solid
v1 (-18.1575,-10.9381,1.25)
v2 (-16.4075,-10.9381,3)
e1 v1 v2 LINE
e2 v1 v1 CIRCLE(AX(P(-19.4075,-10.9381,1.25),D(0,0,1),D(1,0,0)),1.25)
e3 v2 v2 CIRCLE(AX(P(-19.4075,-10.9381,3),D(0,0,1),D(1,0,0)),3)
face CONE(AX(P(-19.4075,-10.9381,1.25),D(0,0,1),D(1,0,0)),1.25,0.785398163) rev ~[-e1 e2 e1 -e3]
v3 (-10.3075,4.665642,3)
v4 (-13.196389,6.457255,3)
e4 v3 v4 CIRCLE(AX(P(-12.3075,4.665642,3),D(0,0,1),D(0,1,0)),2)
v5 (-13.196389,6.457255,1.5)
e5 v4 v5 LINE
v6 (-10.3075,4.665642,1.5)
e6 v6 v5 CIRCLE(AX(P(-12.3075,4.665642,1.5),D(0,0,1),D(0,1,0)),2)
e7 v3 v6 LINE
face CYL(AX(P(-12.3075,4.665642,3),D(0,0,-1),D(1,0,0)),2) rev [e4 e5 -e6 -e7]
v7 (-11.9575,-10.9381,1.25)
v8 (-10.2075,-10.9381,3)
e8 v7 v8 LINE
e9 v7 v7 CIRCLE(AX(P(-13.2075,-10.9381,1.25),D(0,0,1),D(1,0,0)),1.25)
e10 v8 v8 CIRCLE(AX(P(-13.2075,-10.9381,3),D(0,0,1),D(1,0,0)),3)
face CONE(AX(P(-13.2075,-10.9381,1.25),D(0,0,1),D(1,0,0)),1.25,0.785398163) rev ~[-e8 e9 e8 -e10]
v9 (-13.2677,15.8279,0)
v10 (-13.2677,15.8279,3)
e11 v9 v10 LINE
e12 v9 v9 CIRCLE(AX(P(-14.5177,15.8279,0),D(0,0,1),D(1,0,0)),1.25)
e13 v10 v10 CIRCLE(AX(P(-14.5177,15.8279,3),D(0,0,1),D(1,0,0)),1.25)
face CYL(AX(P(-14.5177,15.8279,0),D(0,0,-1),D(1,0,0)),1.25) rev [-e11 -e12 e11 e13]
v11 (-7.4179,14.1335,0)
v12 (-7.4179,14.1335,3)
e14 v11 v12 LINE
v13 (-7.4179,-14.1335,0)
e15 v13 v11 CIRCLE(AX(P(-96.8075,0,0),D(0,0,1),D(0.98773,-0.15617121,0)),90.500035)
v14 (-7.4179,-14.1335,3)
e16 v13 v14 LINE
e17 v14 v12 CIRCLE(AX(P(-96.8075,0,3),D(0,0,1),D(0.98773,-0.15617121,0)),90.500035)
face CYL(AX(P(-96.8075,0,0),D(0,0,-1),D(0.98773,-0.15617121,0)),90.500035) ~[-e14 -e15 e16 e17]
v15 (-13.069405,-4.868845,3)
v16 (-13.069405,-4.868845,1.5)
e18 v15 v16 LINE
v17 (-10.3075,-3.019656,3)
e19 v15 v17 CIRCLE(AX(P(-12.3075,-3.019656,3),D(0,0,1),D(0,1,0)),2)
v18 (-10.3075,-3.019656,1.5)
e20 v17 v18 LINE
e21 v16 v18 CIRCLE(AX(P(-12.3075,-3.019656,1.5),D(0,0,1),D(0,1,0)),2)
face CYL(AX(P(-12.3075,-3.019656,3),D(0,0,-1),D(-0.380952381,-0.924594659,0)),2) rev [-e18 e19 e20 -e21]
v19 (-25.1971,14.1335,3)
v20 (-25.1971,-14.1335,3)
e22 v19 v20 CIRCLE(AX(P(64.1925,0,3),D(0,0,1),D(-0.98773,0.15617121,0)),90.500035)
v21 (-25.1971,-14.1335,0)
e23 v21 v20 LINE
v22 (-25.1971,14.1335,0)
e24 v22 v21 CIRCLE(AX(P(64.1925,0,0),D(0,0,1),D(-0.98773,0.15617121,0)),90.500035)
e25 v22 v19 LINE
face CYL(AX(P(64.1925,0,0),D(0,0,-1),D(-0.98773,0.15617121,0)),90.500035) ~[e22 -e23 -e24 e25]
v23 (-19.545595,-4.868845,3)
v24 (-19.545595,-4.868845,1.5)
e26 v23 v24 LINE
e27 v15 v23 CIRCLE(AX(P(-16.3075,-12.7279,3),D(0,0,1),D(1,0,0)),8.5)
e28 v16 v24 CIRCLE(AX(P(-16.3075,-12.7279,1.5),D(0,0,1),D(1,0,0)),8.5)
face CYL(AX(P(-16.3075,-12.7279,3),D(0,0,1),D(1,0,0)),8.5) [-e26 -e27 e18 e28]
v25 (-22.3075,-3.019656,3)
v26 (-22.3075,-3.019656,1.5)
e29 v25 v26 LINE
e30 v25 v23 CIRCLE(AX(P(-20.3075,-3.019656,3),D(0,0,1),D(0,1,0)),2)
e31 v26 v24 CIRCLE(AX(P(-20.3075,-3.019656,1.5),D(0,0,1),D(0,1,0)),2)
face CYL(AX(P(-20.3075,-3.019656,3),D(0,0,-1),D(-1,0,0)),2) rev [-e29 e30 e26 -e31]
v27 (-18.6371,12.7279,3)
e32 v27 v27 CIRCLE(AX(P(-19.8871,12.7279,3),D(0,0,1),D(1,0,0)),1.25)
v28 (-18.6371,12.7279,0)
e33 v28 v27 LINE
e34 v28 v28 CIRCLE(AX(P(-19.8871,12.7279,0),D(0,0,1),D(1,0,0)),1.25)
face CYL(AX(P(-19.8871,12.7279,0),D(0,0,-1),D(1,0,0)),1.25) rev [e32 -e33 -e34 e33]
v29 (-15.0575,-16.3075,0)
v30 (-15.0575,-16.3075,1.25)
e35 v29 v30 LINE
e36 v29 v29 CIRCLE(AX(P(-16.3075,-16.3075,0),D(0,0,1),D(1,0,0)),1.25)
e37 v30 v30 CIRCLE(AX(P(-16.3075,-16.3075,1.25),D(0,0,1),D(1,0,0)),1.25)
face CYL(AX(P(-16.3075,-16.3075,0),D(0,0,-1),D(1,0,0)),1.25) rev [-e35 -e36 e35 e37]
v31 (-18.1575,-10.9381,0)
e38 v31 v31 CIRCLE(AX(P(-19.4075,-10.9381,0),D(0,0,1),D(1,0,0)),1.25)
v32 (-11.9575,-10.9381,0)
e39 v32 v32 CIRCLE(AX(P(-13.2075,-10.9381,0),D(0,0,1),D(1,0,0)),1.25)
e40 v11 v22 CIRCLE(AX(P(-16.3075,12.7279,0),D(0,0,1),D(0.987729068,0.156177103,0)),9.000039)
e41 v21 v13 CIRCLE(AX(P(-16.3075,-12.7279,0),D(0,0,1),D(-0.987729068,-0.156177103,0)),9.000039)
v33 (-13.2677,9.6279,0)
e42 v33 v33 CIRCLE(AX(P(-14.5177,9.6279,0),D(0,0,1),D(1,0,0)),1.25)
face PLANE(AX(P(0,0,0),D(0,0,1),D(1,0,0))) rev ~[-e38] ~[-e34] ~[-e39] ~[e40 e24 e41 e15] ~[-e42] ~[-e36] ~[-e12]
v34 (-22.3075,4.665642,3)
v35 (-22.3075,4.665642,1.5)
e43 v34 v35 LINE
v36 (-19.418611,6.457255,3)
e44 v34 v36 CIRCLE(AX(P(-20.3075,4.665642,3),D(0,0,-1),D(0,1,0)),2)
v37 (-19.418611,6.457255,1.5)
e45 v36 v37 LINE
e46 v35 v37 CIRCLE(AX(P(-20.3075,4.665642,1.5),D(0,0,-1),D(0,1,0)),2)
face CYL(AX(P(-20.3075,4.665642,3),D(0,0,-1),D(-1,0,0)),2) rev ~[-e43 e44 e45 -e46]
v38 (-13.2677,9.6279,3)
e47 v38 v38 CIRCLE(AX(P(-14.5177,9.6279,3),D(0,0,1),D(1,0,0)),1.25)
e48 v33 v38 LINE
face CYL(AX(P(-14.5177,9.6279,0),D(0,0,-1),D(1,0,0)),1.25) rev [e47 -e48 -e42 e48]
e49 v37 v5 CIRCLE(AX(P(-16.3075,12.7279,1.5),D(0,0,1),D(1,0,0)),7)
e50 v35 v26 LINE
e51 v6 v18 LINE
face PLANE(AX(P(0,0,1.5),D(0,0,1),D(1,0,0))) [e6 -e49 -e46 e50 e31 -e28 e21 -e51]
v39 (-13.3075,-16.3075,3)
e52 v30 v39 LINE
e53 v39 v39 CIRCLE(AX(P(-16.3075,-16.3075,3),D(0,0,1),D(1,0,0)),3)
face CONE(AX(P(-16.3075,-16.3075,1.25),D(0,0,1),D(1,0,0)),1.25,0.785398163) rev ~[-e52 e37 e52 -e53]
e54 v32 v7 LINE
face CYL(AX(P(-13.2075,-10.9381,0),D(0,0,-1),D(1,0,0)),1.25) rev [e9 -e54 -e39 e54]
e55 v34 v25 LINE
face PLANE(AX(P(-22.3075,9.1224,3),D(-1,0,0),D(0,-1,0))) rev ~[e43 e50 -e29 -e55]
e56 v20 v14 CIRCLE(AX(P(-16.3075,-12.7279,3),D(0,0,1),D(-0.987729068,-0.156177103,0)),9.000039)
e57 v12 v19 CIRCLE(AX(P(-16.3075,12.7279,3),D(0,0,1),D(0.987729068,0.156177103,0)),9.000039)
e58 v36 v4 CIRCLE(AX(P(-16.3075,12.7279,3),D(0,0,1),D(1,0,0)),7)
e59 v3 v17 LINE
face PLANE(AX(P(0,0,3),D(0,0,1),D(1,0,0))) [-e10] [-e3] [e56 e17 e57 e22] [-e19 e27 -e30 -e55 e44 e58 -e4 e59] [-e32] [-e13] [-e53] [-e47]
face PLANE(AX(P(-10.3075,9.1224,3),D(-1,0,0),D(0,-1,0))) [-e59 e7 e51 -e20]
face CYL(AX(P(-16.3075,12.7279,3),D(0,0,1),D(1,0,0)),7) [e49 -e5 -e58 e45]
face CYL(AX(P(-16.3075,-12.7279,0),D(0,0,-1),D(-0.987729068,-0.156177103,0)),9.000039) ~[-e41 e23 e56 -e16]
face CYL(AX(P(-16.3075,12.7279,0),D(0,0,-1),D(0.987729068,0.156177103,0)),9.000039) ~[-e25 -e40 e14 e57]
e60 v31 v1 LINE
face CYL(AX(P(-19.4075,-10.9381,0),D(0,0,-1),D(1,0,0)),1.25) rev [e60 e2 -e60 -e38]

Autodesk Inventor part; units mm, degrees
ref_plane "YZ Plane" through (0, 0, 0) normal (1, 0, 0) x (0, 1, 0)
ref_plane "XZ Plane" through (0, 0, 0) normal (0, 1, 0) x (-1, 0, 0)
ref_plane "XY Plane" through (0, 0, 0) normal (0, 0, 1) x (1, 0, 0)
sketch "Sketch2" plane through (0, 0, 0) normal (0, 0, 1) x (1, 0, 0)
  line L0 (-3.5796, 0) -> (-32.4095, 0) construction
  line L1 (-3.5796, 0) -> (-16.3075, 12.7279) construction
  line L2 (-3.5796, 0) -> (-16.3075, -12.7279) construction
  line L3 (-16.3075, 12.7279) -> (-16.3075, -12.7279) construction
  circle A0 centre (-14.5177, 15.8279) radius 1.25
  circle A1 centre (-14.5177, 15.8279) radius 3.1 construction
  circle A2 centre (-19.8871, 12.7279) radius 3.1 construction
  circle A3 centre (-19.8871, 12.7279) radius 1.25
  circle A4 centre (-14.5177, 9.6279) radius 3.1 construction
  circle A5 centre (-14.5177, 9.6279) radius 1.25
  circle A6 centre (-19.4075, -10.9381) radius 1.25
  circle A7 centre (-16.3075, -16.3075) radius 1.25
  circle A8 centre (-13.2075, -10.9381) radius 1.25
  line L4 (-16.3075, 12.7279) -> (-16.3075, -12.7279) construction
  line L5 (-25.3075, 12.7279) -> (-25.3075, -12.7279) construction
  line L6 (-7.3075, -12.7279) -> (-7.3075, 12.7279) construction
  arc A9 (-7.4179, 14.1335) -> (-25.1971, 14.1335) centre (-16.3075, 12.7279) ccw
  arc A10 (-25.1971, -14.1335) -> (-7.4179, -14.1335) centre (-16.3075, -12.7279) ccw
  arc A11 (-7.4179, -14.1335) -> (-7.4179, 14.1335) centre (-96.8075, 0) ccw
  arc A12 (-25.1971, 14.1335) -> (-25.1971, -14.1335) centre (64.1925, 0) ccw
  point P0 (0, 0)
  point P1 (-16.3075, 0)
  point P2 (-16.3075, 0)
  point P3 (-6.3075, 0)
  dimension "d20" = 18
  dimension "d21" = 18
  dimension "d22" = 90
  dimension "d23" = 2.5
  dimension "d24" = 6.2
  dimension "d25" = 360
  dimension "d26" = 2.5
  dimension "d27" = 360
  dimension "d28" = 6.2
  dimension "d29" = 9
  dimension "d31" = 10
extrude "Extrusion1" add sketch "Sketch2" along normal blind 3
chamfer "Chamfer1" distance 1.75 angle 45 3 edges at (-14.4575, -10.9381, 3) (-20.6575, -10.9381, 3) (-17.5575, -16.3075, 3)
sketch "Sketch3" plane through (0, 0, 3) normal (0, 0, 1) x (1, 0, 0)
  circle A0 centre (-14.5177, 9.6279) radius 1.25 projected
  circle A1 centre (-19.8871, 12.7279) radius 1.25 projected
  arc A2 (-7.4179, -14.1335) -> (-7.4179, 14.1335) centre (-96.8075, 0) ccw projected
  circle A3 centre (-19.4075, -10.9381) radius 3 projected
  circle A4 centre (-13.2075, -10.9381) radius 3 projected
  circle A5 centre (-19.8871, 12.7279) radius 1.25 projected
  circle A6 centre (-14.5177, 15.8279) radius 1.25 projected
  circle A7 centre (-19.4075, -10.9381) radius 3 projected
  circle A8 centre (-14.5177, 15.8279) radius 1.25 projected
  circle A9 centre (-14.5177, 9.6279) radius 1.25 projected
  circle A10 centre (-19.8871, 12.7279) radius 1.25 projected
  arc A11 (-25.1971, -14.1335) -> (-7.4179, -14.1335) centre (-16.3075, -12.7279) ccw projected
  arc A12 (-7.4179, -14.1335) -> (-7.4179, 14.1335) centre (-96.8075, 0) ccw projected
  arc A13 (-7.4179, 14.1335) -> (-25.1971, 14.1335) centre (-16.3075, 12.7279) ccw projected
  arc A14 (-25.1971, 14.1335) -> (-25.1971, -14.1335) centre (64.1925, 0) ccw projected
  circle A15 centre (-13.2075, -10.9381) radius 3 projected
  circle A16 centre (-16.3075, -16.3075) radius 3 projected
  circle A17 centre (-16.3075, 12.7279) radius 7
  circle A18 centre (-16.3075, -12.7279) radius 8.5
  line L0 (-22.3075, 9.1224) -> (-22.3075, -6.7071)
  line L1 (-10.3075, 9.1224) -> (-10.3075, -6.7071)
  line L2 (-26.3075, 6.5531) -> (-26.3075, -6.806) construction
  line L3 (-6.3075, 6.3529) -> (-6.3075, -7.0063) construction
  point P0 (0, 0)
  dimension "d49" = 17
  dimension "d50" = 14
  dimension "d51" = 4
  dimension "d52" = 4
extrude "Extrusion2" cut sketch "Sketch3" against normal blind 1.5 contours A17 L1 A18 L0
fillet "フィレット1" radius 2 4 edges at (-22.3075, 9.1224, 2.25) (-22.3075, -6.7071, 2.25) (-10.3075, 9.1224, 2.25) (-10.3075, -6.7071, 2.25)
properties part number "クランク_中間" material "Aluminum 2014-T6"
